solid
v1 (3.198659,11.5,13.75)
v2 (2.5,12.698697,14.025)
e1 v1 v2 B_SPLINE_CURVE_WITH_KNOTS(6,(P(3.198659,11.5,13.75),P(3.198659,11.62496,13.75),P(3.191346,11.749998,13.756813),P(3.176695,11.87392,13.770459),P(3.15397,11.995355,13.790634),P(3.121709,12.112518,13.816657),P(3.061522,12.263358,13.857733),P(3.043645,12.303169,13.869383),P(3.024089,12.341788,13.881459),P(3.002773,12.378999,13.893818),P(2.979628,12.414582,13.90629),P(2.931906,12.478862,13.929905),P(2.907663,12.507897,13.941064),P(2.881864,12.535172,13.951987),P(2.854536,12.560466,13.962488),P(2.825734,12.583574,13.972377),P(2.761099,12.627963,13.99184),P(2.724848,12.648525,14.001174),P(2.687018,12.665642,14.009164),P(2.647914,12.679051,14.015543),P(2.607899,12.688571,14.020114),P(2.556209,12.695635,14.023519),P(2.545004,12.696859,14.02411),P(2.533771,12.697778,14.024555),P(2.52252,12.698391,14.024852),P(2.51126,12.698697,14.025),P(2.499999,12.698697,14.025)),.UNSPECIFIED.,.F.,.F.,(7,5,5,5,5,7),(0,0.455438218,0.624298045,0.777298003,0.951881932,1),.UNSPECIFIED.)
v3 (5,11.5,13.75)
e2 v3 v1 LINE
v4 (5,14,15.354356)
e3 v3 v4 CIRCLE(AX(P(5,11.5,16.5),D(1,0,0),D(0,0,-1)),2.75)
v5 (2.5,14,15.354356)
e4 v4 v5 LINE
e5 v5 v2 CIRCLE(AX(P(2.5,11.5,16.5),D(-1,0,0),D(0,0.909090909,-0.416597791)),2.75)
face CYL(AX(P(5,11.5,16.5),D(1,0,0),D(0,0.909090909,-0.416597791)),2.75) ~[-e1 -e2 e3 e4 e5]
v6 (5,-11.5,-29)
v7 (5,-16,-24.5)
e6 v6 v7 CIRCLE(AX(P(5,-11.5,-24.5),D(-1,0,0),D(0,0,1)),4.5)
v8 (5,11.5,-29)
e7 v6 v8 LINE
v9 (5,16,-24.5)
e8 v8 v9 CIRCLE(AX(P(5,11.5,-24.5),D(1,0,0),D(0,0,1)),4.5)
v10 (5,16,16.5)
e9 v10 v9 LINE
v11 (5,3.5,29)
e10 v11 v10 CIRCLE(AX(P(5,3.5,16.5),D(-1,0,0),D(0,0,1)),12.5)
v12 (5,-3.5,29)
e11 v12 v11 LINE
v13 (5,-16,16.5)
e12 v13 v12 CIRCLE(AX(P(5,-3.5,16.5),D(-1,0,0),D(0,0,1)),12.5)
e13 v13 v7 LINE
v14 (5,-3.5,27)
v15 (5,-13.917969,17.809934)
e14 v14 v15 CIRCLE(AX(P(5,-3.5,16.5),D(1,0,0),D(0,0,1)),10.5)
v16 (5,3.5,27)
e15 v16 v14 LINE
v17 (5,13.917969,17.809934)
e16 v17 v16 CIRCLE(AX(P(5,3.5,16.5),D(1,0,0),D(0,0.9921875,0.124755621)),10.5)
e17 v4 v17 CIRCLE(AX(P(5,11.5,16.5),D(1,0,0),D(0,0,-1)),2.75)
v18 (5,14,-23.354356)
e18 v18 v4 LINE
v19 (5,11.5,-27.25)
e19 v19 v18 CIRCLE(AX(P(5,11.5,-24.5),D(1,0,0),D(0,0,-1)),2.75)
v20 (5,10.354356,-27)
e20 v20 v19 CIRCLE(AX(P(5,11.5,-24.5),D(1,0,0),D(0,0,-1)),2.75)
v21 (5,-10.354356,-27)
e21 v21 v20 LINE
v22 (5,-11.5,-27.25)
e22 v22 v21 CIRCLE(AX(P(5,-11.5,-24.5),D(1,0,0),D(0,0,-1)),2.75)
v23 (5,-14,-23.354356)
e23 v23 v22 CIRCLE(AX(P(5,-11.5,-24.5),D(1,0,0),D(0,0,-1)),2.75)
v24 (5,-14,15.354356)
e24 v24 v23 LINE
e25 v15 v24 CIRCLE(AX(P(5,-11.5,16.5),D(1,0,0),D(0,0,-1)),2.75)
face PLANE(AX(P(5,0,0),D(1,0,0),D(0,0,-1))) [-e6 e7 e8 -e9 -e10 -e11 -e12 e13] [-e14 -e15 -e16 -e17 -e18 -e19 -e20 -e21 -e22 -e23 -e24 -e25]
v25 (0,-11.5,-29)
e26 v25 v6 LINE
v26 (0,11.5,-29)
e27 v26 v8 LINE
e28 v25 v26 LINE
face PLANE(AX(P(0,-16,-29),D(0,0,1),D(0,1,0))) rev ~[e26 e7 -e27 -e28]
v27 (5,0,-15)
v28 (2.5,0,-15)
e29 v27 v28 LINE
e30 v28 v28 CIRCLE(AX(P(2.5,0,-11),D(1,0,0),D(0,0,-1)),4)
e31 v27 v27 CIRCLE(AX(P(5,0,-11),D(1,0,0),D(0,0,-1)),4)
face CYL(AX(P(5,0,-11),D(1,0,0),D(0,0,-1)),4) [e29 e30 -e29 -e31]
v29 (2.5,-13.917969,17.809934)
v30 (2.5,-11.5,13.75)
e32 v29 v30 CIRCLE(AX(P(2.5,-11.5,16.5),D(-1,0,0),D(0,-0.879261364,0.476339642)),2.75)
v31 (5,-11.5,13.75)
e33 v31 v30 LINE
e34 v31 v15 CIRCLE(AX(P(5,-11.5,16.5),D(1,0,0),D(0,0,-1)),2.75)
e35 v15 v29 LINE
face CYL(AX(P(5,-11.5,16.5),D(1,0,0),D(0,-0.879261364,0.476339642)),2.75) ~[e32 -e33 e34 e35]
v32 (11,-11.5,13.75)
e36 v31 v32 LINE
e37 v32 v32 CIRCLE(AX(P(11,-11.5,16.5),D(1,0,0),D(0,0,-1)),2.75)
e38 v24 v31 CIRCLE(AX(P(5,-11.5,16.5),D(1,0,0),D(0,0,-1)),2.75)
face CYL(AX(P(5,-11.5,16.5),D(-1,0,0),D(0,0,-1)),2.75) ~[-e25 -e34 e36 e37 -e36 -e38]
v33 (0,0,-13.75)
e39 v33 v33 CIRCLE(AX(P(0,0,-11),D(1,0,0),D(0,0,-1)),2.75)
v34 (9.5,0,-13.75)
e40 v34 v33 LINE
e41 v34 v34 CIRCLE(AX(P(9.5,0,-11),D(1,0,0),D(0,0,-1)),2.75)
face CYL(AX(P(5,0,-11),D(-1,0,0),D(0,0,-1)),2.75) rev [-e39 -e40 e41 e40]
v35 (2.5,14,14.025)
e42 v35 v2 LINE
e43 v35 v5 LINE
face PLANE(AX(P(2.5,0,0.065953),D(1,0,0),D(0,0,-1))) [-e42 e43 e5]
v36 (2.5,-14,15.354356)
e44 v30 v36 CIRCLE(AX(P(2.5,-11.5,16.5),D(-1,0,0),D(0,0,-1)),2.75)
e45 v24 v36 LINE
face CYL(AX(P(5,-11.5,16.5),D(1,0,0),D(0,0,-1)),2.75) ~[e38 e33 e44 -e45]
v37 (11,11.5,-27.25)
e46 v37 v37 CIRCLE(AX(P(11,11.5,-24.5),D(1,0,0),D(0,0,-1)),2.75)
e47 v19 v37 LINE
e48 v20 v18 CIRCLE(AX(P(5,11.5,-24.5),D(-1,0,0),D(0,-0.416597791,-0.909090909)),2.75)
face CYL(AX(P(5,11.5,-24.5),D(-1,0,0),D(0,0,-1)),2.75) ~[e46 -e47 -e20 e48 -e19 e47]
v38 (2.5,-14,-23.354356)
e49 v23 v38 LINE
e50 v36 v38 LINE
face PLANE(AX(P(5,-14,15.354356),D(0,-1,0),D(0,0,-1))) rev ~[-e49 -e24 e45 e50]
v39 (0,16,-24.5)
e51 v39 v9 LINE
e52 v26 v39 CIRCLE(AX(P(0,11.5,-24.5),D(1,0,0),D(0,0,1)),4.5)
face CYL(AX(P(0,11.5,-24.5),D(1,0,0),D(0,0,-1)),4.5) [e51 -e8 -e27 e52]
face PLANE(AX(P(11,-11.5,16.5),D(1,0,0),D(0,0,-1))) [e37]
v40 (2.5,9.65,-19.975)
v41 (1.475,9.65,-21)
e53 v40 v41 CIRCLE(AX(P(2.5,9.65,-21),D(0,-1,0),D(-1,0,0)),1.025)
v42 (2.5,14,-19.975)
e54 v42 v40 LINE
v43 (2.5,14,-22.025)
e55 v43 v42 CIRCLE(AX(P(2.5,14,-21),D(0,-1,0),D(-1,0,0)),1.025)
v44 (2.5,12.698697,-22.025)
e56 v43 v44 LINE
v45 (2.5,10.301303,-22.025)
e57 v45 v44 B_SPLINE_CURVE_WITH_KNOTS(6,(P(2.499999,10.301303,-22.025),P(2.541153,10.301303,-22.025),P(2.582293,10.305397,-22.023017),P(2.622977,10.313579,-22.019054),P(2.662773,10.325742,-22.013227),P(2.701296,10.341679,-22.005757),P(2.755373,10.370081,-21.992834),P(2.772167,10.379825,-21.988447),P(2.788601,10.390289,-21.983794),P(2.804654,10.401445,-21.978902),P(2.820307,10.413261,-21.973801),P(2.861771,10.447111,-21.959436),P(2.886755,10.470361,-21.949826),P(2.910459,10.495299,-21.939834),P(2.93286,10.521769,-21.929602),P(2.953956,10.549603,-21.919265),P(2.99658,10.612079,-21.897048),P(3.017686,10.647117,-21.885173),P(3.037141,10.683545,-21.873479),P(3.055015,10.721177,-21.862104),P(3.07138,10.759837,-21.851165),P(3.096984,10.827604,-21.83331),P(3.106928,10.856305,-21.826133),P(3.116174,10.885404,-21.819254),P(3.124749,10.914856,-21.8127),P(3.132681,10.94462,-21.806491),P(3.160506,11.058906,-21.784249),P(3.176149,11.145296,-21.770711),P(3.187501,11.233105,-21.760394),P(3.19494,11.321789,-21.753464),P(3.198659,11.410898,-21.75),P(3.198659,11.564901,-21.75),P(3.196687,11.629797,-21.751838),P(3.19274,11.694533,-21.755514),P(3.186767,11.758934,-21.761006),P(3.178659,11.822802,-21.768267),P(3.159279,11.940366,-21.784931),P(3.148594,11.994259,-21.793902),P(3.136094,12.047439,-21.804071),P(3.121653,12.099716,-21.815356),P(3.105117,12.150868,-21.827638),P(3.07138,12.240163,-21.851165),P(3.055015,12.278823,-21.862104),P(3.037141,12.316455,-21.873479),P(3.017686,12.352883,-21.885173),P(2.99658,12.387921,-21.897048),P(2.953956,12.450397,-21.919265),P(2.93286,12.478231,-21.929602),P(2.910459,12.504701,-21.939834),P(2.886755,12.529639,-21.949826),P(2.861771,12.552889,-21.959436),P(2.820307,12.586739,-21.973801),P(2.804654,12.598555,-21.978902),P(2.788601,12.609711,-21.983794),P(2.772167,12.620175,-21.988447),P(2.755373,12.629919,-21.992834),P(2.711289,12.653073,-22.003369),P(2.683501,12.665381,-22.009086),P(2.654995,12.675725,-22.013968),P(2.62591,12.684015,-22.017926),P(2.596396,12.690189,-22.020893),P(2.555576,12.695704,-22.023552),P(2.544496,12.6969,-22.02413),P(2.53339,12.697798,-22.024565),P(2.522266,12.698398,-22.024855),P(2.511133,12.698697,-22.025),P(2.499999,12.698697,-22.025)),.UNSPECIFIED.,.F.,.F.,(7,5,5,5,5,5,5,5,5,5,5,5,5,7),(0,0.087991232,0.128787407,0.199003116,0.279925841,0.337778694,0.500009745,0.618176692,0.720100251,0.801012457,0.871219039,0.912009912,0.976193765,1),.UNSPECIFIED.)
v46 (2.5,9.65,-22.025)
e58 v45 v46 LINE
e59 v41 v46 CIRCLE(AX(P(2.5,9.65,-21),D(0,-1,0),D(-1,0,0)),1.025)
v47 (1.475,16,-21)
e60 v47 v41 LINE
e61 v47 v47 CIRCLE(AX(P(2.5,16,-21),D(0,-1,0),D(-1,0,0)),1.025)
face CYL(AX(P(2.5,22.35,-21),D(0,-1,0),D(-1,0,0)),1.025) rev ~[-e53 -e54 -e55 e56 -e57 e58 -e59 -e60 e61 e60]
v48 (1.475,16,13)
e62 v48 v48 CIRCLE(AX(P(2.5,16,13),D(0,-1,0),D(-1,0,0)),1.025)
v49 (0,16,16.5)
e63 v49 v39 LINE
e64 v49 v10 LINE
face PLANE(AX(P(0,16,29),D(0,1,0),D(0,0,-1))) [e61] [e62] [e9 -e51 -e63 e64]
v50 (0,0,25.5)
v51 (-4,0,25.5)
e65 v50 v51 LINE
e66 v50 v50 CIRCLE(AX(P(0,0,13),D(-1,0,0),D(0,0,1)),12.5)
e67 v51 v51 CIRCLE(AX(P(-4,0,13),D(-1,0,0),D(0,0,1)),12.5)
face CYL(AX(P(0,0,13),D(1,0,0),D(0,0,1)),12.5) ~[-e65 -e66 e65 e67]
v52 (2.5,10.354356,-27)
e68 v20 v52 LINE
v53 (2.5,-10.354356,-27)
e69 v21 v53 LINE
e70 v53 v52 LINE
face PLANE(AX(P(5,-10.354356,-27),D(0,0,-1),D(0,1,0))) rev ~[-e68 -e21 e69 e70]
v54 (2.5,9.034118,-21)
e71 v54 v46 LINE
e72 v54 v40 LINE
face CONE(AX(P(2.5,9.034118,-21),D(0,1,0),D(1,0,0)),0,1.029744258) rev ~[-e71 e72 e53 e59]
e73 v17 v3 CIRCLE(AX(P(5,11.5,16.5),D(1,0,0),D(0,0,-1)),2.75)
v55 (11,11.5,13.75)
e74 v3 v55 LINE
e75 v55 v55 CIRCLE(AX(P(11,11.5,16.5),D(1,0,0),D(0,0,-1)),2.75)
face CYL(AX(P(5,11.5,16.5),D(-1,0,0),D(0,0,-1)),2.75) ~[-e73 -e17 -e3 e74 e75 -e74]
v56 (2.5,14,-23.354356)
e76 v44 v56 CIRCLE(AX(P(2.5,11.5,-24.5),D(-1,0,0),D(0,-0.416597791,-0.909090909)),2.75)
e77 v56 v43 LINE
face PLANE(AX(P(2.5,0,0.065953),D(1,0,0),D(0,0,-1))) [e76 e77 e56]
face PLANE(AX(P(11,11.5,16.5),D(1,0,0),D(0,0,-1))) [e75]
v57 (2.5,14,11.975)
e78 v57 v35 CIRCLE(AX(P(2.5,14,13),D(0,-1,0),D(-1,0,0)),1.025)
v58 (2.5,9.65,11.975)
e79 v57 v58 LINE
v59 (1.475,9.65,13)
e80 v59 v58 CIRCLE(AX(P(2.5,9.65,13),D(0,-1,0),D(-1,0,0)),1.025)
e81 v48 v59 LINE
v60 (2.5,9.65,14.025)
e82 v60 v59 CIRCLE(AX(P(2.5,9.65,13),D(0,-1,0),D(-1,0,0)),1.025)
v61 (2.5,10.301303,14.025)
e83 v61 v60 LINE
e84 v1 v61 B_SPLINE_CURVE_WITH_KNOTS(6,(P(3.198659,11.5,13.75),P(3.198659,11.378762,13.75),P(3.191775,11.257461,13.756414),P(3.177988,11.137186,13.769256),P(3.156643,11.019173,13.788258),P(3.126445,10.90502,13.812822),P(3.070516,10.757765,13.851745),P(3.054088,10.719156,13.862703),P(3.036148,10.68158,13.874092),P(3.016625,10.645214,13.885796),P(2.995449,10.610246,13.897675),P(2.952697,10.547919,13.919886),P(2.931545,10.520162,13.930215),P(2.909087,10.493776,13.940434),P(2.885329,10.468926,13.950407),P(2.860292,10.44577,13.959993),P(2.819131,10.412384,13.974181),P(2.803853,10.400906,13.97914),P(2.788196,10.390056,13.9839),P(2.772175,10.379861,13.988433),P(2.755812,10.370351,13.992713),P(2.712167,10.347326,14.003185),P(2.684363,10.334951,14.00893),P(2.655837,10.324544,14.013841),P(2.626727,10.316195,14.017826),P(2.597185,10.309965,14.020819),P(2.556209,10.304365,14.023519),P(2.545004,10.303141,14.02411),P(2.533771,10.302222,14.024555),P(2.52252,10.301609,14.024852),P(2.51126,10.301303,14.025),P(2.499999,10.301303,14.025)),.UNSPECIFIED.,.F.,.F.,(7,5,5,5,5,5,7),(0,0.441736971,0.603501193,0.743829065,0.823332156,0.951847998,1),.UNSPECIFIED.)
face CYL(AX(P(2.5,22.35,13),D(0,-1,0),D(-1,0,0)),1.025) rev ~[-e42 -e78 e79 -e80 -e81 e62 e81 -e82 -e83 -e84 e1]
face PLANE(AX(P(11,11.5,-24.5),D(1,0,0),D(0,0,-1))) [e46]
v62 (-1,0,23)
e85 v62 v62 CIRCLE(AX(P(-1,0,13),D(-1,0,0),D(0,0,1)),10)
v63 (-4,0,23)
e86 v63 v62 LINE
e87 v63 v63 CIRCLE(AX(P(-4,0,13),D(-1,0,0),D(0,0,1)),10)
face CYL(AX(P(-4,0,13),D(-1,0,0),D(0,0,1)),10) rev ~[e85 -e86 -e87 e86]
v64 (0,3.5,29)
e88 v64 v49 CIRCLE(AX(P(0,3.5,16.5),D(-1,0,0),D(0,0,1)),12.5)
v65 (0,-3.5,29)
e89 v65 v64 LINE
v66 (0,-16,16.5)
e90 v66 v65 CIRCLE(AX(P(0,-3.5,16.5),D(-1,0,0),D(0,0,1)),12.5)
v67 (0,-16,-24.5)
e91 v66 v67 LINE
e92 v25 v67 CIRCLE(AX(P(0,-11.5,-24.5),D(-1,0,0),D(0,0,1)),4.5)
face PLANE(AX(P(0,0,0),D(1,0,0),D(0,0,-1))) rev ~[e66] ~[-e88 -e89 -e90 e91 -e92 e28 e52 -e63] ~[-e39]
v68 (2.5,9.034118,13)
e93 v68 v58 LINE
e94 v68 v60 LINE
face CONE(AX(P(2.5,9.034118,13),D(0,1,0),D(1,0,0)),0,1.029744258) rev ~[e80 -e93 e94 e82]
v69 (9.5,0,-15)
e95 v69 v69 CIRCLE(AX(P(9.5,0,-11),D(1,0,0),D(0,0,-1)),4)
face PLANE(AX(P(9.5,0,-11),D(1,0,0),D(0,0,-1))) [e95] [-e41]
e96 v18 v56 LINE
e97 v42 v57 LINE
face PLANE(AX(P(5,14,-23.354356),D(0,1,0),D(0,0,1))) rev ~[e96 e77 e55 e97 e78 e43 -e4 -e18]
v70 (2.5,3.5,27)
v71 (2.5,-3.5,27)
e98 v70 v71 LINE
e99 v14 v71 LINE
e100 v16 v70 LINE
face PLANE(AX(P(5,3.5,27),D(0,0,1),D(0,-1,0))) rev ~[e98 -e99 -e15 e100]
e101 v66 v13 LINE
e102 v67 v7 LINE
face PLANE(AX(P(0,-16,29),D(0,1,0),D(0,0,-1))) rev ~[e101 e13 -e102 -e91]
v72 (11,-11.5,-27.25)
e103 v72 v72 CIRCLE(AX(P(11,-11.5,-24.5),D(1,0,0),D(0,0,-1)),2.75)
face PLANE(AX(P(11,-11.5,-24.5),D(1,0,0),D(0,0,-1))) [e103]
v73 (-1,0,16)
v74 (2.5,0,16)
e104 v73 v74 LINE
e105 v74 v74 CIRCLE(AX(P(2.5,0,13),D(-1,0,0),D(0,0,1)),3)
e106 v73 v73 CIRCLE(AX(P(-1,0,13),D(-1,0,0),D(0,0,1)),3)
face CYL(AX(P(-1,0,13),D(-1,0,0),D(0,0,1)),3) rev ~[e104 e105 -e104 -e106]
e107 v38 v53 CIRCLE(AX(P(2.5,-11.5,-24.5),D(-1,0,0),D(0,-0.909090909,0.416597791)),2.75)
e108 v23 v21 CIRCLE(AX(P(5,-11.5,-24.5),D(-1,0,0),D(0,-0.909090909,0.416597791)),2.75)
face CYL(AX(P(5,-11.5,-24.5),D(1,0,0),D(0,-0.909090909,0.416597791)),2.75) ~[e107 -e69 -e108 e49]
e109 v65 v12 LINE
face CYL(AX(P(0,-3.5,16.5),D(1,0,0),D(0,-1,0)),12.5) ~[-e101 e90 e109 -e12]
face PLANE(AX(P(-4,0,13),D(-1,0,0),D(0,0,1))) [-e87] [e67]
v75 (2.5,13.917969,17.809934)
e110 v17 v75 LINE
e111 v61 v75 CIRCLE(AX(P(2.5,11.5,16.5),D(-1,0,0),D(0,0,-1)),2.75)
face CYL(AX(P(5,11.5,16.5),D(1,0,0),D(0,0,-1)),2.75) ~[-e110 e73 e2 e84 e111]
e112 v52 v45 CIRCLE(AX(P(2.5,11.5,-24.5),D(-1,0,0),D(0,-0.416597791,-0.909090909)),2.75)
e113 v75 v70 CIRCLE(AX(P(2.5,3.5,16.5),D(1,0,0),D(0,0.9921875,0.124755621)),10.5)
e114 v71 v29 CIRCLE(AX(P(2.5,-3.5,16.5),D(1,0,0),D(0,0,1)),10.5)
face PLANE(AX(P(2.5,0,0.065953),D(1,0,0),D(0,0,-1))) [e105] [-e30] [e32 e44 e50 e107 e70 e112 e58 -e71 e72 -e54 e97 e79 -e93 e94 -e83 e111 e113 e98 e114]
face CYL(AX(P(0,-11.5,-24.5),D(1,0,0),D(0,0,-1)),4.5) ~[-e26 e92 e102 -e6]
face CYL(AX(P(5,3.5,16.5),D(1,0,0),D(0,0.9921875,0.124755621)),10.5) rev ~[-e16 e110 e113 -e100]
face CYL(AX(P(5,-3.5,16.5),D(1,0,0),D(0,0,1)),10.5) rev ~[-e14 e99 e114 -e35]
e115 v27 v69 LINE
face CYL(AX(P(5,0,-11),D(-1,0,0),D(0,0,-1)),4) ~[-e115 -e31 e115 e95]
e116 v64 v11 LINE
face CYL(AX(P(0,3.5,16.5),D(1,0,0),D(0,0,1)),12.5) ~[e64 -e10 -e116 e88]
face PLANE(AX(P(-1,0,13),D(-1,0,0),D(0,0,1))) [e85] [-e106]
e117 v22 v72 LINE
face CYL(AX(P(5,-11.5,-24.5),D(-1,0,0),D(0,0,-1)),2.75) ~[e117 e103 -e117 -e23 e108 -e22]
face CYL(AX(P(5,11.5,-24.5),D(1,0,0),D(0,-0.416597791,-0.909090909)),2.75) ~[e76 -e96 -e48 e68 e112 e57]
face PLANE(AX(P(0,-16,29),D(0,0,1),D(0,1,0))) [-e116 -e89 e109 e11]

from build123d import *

# Parameters (mm, degrees)
SKETCH1_W                    = 58
SKETCH1_H                    = 32
SKETCH1_R                    = 2.75
BOSS_EXTRUDE1_DEPTH          = 5
SKETCH2_R                    = 4
SKETCH2_R_2                  = 2.75
BOSS_EXTRUDE2_DEPTH          = 4.5
FILLET1_R                    = 4.5
FILLET2_R                    = 12.5
SKETCH4_R                    = 2.75
BOSS_EXTRUDE3_DEPTH          = 6
SKETCH8_R                    = 12.5
BOSS_EXTRUDE4_DEPTH          = 4
SKETCH9_R                    = 10
CUT_EXTRUDE2_DEPTH           = 3
SKETCH10_R                   = 3
CUT_EXTRUDE3_DEPTH           = 13
SKETCH3_R                    = 4
CUT_EXTRUDE1_DEPTH           = 2.5
M2_5X0_45_TAPPED_HOLE1_D     = 2.05
M2_5X0_45_TAPPED_HOLE1_DEPTH = 6.35
M2_5X0_45_TAPPED_HOLE1_TIP   = 0.615882135


with BuildPart() as part:
    # Sketch1 → Boss-Extrude1 (new body)
    with BuildSketch(Plane(origin=(0, 0, 0), x_dir=(0, 0, -1), z_dir=(1, 0, 0))):
        Rectangle(SKETCH1_W, SKETCH1_H)
        with Locations((11, 0)):
            Circle(SKETCH1_R, mode=Mode.SUBTRACT)
    extrude(amount=BOSS_EXTRUDE1_DEPTH)

    # Sketch2 → Boss-Extrude2 (add)
    with BuildSketch(Plane(origin=(5, 0, 0), x_dir=(0, 0, -1), z_dir=(1, 0, 0))):
        with Locations((11, 0)):
            Circle(SKETCH2_R)
        with Locations((11, 0)):
            Circle(SKETCH2_R_2, mode=Mode.SUBTRACT)
    extrude(amount=BOSS_EXTRUDE2_DEPTH)

    # Fillet1
    fillet1_edges = [part.edges().sort_by_distance(p)[0] for p in [
        (2.5, 16, -29),
        (2.5, -16, -29),
    ]]
    fillet(fillet1_edges, radius=FILLET1_R)

    # Fillet2
    fillet2_edges = [part.edges().sort_by_distance(p)[0] for p in [
        (2.5, -16, 29),
        (2.5, 16, 29),
    ]]
    fillet(fillet2_edges, radius=FILLET2_R)

    # Sketch4 → Boss-Extrude3 (add)
    with BuildSketch(Plane(origin=(5, 0, 0), x_dir=(0, 0, -1), z_dir=(1, 0, 0))):
        with Locations((24.5, 11.5)):
            Circle(SKETCH4_R)
        with Locations((24.5, -11.5)):
            Circle(SKETCH4_R)
        with Locations((-16.5, 11.5)):
            Circle(SKETCH4_R)
        with Locations((-16.5, -11.5)):
            Circle(SKETCH4_R)
    extrude(amount=BOSS_EXTRUDE3_DEPTH)

    # Sketch8 → Boss-Extrude4 (add)
    with BuildSketch(Plane.ZY):
        with Locations((13, 0)):
            Circle(SKETCH8_R)
    extrude(amount=BOSS_EXTRUDE4_DEPTH)

    # Sketch9 → Cut-Extrude2 (cut)
    with BuildSketch(Plane.ZY.offset(4)):
        with Locations((13, 0)):
            Circle(SKETCH9_R)
    extrude(amount=-CUT_EXTRUDE2_DEPTH, mode=Mode.SUBTRACT)

    # Sketch10 → Cut-Extrude3 (cut, through all)
    with BuildSketch(Plane.ZY.offset(1)):
        with Locations((13, 0)):
            Circle(SKETCH10_R)
    extrude(amount=-CUT_EXTRUDE3_DEPTH, mode=Mode.SUBTRACT)

    # Sketch3 → Cut-Extrude1 (cut)
    with BuildSketch(Plane(origin=(5, 0, 0), x_dir=(0, 0, -1), z_dir=(1, 0, 0))):
        with BuildLine():
            ThreePointArc((-17.809934015, 13.91796875), (-24.374144625, 10.446066975), (-27, 3.5))
            Line((-27, 3.5), (-27, -3.5))
            ThreePointArc((-27, -3.5), (-24.374144625, -10.446066975), (-17.809934015, -13.91796875))
            ThreePointArc((-17.809934015, -13.91796875), (-17.907156967, -9.13728773), (-13.75, -11.5))
            ThreePointArc((-13.75, -11.5), (-14.185586382, -12.98525742), (-15.354356076, -14))
            Line((-15.354356076, -14), (23.354356076, -14))
            ThreePointArc((23.354356076, -14), (22.555456352, -9.555456352), (27, -10.354356076))
            Line((27, -10.354356076), (27, 10.354356076))
            ThreePointArc((27, 10.354356076), (22.555456352, 9.555456352), (23.354356076, 14))
            Line((23.354356076, 14), (-15.354356076, 14))
            ThreePointArc((-15.354356076, 14), (-14.185586382, 12.98525742), (-13.75, 11.5))
            ThreePointArc((-13.75, 11.5), (-17.907156967, 9.13728773), (-17.809934015, 13.91796875))
        make_face()
        with Locations((11, 0)):
            Circle(SKETCH3_R, mode=Mode.SUBTRACT)
    extrude(amount=-CUT_EXTRUDE1_DEPTH, mode=Mode.SUBTRACT)

    # M2.5x0.45 Tapped Hole1
    with Locations(Plane(origin=(0, 16, 0), x_dir=(1, 0, 0), z_dir=(0, 1, 0))):
        with Locations((2.5, 21), (2.5, -13)):
            Hole(M2_5X0_45_TAPPED_HOLE1_D / 2, depth=M2_5X0_45_TAPPED_HOLE1_DEPTH)
            with Locations((0, 0, -(M2_5X0_45_TAPPED_HOLE1_DEPTH + M2_5X0_45_TAPPED_HOLE1_TIP / 2))):  # 118° drill point
                Cone(0, M2_5X0_45_TAPPED_HOLE1_D / 2, M2_5X0_45_TAPPED_HOLE1_TIP, mode=Mode.SUBTRACT)


solid = part.part
